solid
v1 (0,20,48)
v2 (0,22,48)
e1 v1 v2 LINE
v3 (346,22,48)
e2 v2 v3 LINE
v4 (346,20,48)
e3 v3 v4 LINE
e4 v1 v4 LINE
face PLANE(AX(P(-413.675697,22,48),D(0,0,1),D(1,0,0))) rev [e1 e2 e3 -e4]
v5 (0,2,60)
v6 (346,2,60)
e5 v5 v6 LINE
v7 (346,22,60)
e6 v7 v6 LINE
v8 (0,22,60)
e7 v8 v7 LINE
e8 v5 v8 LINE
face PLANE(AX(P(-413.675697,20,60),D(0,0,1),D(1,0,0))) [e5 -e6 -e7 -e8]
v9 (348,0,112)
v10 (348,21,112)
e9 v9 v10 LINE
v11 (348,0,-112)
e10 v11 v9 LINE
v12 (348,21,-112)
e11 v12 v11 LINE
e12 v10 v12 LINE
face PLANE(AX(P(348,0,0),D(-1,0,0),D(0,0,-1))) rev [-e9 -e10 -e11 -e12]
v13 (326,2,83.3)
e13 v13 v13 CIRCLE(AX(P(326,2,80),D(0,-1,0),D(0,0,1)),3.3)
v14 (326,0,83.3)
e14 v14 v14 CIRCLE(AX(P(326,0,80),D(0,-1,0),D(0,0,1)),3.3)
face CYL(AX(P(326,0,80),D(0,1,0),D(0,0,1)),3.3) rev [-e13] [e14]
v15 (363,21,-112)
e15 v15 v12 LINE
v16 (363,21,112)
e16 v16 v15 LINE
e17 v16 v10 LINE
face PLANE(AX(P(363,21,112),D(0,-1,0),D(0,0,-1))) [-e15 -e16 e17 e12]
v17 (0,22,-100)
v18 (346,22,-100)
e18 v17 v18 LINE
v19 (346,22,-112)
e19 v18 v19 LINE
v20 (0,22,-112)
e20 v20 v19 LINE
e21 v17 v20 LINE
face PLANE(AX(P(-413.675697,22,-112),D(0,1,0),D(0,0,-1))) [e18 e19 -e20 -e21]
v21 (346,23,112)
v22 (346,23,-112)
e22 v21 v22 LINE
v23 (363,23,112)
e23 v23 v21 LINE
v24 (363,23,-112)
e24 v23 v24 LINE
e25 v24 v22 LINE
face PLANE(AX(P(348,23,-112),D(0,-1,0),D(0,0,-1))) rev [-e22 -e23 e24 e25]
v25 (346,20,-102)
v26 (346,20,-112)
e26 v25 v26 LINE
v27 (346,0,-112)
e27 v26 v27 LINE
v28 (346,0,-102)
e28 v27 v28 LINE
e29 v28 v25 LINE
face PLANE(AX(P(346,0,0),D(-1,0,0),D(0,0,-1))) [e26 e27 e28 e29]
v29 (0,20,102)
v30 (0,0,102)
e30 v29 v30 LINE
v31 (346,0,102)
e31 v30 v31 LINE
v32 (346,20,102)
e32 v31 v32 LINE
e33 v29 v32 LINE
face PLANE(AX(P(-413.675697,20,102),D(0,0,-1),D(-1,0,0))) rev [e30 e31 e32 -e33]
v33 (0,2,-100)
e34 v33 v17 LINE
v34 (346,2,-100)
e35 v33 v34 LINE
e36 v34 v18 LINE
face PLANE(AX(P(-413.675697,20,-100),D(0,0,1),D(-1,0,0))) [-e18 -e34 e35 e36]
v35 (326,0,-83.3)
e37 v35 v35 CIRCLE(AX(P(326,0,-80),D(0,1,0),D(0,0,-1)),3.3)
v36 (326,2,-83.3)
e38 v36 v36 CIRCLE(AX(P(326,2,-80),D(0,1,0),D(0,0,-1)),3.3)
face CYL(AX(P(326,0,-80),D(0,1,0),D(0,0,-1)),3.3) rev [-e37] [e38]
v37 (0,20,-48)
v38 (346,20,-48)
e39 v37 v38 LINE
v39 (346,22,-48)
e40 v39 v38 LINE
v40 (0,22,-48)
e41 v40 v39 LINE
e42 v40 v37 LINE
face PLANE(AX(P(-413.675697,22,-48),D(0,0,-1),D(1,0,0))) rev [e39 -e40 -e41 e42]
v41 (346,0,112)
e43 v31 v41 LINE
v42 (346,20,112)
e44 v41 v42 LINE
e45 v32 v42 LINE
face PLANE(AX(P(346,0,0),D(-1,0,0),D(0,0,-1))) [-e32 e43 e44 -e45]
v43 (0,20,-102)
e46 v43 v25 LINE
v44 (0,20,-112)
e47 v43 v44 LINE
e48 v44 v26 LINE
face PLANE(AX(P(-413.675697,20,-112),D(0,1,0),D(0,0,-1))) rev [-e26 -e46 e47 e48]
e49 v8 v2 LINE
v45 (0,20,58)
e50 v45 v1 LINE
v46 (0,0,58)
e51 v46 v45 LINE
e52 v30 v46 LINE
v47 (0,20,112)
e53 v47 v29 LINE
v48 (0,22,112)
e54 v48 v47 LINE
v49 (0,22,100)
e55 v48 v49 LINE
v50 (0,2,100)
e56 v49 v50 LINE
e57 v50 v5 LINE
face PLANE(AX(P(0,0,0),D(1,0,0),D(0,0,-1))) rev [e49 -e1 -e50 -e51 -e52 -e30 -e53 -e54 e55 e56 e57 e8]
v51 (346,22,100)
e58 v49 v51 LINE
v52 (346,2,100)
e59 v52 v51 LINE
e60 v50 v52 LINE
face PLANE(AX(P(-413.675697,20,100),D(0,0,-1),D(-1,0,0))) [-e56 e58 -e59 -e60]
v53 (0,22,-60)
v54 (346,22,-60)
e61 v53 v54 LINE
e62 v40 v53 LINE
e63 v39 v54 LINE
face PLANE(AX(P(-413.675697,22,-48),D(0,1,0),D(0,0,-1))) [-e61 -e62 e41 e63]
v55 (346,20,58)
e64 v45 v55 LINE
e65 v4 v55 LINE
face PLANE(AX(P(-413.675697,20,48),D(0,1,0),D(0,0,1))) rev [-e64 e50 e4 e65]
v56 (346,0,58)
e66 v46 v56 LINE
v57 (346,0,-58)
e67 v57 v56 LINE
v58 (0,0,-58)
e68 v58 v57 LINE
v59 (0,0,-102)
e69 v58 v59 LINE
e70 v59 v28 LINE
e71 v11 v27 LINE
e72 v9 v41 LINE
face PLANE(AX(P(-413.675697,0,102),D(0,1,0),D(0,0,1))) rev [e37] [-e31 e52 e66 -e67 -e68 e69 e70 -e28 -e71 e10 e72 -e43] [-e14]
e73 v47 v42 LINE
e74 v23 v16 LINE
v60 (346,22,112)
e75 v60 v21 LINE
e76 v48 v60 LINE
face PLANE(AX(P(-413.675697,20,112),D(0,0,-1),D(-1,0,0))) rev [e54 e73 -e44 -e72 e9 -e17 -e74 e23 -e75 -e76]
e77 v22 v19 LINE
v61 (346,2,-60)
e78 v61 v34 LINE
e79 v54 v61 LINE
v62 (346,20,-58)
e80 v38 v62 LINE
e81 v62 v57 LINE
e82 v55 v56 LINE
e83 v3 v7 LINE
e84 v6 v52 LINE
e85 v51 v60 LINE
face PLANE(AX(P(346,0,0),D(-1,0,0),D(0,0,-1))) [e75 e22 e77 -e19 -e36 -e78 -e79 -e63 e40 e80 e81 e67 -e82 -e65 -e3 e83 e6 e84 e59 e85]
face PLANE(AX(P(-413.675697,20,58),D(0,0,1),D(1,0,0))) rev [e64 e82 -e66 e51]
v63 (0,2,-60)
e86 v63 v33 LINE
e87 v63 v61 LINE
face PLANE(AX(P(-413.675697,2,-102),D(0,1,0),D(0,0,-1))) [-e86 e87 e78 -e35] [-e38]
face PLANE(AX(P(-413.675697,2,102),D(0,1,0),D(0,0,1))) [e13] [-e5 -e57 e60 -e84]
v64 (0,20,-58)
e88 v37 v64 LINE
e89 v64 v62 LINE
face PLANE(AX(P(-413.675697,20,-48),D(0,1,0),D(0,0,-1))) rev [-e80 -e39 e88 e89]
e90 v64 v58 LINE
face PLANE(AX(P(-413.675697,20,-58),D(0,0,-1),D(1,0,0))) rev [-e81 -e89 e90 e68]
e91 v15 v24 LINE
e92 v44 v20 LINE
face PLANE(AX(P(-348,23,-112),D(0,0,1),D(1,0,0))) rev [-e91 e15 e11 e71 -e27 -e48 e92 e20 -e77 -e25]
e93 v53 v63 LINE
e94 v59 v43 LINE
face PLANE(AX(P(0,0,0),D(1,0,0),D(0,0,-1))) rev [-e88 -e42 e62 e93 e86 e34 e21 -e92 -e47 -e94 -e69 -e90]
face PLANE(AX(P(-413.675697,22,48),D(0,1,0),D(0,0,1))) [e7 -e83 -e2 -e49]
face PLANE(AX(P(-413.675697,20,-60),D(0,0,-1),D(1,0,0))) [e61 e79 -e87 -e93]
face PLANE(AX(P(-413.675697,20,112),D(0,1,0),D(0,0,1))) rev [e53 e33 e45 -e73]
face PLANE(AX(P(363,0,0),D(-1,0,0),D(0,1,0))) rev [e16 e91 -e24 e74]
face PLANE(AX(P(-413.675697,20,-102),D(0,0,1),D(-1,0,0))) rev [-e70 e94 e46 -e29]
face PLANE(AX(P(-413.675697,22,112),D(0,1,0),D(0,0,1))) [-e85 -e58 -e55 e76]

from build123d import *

# Parameters (mm, degrees)
EXTRUDE_THIN1_DEPTH     = 346
SKETCH5_R               = 3.3
CUT_EXTRUDE1_DEPTH      = 365.225205059
CUT_EXTRUDE1_DEPTH_BACK = 365.225205059
SKETCH6_W               = 23
SKETCH6_H               = 224
BOSS_EXTRUDE2_DEPTH     = 2
SKETCH8_W               = 2
SKETCH8_H               = 224
EXTRUDE_THIN2_DEPTH     = 15


with BuildPart() as part:
    # Sketch2 → Extrude-Thin1 (new body)
    with BuildSketch(Plane.YZ):
        Polygon((20, 112), (20, 102), (0, 102), (0, 58), (20, 58), (20, 48), (22, 48), (22, 60), (2, 60), (2, 100), (22, 100), (22, 112), align=None)
    extrude(amount=-EXTRUDE_THIN1_DEPTH)

    # Sketch5 → Cut-Extrude1 (cut, two sides)
    with BuildSketch(Plane(origin=(0, 2, 0), x_dir=(-1, 0, 0), z_dir=(0, 1, 0))) as cut_extrude1_sk:
        with Locations(Location((326, 80, 0), (0, 0, 90))):
            Circle(SKETCH5_R)
    extrude(amount=CUT_EXTRUDE1_DEPTH, mode=Mode.SUBTRACT)
    extrude(cut_extrude1_sk.sketch, amount=-CUT_EXTRUDE1_DEPTH_BACK, mode=Mode.SUBTRACT)


with BuildPart() as body_2:
    # Mirror1: mirrored copy
    add(part.part.mirror(Plane.XY))


with BuildPart() as part_1:
    add(part.part)

    add(body_2.part)  # Boss-Extrude2 merges body 2
    # Sketch6 → Boss-Extrude2 (add)
    with BuildSketch(Plane(origin=(-346, 0, 0), x_dir=(0, 1, 0), z_dir=(-1, 0, 0))):
        with Locations((11.5, 0)):
            Rectangle(SKETCH6_W, SKETCH6_H)
    extrude(amount=BOSS_EXTRUDE2_DEPTH)

    # Sketch8 → Extrude-Thin2 (add)
    with BuildSketch(Plane(origin=(-348, 0, 0), x_dir=(0, -1, 0), z_dir=(-1, 0, 0))):
        with Locations((-22, 0)):
            Rectangle(SKETCH8_W, SKETCH8_H)
    extrude(amount=EXTRUDE_THIN2_DEPTH)

    # Mirror2: part across plane


with BuildPart() as part_2:
    add(part_1.part)
    add(part_1.part.mirror(Plane(origin=(0, 0, 0), x_dir=(0, 0, 1), z_dir=(1, 0, 0))))

    # SurfaceCut1
    split(bisect_by=Plane.YZ, keep=Keep.TOP)


solid = part_2.part
